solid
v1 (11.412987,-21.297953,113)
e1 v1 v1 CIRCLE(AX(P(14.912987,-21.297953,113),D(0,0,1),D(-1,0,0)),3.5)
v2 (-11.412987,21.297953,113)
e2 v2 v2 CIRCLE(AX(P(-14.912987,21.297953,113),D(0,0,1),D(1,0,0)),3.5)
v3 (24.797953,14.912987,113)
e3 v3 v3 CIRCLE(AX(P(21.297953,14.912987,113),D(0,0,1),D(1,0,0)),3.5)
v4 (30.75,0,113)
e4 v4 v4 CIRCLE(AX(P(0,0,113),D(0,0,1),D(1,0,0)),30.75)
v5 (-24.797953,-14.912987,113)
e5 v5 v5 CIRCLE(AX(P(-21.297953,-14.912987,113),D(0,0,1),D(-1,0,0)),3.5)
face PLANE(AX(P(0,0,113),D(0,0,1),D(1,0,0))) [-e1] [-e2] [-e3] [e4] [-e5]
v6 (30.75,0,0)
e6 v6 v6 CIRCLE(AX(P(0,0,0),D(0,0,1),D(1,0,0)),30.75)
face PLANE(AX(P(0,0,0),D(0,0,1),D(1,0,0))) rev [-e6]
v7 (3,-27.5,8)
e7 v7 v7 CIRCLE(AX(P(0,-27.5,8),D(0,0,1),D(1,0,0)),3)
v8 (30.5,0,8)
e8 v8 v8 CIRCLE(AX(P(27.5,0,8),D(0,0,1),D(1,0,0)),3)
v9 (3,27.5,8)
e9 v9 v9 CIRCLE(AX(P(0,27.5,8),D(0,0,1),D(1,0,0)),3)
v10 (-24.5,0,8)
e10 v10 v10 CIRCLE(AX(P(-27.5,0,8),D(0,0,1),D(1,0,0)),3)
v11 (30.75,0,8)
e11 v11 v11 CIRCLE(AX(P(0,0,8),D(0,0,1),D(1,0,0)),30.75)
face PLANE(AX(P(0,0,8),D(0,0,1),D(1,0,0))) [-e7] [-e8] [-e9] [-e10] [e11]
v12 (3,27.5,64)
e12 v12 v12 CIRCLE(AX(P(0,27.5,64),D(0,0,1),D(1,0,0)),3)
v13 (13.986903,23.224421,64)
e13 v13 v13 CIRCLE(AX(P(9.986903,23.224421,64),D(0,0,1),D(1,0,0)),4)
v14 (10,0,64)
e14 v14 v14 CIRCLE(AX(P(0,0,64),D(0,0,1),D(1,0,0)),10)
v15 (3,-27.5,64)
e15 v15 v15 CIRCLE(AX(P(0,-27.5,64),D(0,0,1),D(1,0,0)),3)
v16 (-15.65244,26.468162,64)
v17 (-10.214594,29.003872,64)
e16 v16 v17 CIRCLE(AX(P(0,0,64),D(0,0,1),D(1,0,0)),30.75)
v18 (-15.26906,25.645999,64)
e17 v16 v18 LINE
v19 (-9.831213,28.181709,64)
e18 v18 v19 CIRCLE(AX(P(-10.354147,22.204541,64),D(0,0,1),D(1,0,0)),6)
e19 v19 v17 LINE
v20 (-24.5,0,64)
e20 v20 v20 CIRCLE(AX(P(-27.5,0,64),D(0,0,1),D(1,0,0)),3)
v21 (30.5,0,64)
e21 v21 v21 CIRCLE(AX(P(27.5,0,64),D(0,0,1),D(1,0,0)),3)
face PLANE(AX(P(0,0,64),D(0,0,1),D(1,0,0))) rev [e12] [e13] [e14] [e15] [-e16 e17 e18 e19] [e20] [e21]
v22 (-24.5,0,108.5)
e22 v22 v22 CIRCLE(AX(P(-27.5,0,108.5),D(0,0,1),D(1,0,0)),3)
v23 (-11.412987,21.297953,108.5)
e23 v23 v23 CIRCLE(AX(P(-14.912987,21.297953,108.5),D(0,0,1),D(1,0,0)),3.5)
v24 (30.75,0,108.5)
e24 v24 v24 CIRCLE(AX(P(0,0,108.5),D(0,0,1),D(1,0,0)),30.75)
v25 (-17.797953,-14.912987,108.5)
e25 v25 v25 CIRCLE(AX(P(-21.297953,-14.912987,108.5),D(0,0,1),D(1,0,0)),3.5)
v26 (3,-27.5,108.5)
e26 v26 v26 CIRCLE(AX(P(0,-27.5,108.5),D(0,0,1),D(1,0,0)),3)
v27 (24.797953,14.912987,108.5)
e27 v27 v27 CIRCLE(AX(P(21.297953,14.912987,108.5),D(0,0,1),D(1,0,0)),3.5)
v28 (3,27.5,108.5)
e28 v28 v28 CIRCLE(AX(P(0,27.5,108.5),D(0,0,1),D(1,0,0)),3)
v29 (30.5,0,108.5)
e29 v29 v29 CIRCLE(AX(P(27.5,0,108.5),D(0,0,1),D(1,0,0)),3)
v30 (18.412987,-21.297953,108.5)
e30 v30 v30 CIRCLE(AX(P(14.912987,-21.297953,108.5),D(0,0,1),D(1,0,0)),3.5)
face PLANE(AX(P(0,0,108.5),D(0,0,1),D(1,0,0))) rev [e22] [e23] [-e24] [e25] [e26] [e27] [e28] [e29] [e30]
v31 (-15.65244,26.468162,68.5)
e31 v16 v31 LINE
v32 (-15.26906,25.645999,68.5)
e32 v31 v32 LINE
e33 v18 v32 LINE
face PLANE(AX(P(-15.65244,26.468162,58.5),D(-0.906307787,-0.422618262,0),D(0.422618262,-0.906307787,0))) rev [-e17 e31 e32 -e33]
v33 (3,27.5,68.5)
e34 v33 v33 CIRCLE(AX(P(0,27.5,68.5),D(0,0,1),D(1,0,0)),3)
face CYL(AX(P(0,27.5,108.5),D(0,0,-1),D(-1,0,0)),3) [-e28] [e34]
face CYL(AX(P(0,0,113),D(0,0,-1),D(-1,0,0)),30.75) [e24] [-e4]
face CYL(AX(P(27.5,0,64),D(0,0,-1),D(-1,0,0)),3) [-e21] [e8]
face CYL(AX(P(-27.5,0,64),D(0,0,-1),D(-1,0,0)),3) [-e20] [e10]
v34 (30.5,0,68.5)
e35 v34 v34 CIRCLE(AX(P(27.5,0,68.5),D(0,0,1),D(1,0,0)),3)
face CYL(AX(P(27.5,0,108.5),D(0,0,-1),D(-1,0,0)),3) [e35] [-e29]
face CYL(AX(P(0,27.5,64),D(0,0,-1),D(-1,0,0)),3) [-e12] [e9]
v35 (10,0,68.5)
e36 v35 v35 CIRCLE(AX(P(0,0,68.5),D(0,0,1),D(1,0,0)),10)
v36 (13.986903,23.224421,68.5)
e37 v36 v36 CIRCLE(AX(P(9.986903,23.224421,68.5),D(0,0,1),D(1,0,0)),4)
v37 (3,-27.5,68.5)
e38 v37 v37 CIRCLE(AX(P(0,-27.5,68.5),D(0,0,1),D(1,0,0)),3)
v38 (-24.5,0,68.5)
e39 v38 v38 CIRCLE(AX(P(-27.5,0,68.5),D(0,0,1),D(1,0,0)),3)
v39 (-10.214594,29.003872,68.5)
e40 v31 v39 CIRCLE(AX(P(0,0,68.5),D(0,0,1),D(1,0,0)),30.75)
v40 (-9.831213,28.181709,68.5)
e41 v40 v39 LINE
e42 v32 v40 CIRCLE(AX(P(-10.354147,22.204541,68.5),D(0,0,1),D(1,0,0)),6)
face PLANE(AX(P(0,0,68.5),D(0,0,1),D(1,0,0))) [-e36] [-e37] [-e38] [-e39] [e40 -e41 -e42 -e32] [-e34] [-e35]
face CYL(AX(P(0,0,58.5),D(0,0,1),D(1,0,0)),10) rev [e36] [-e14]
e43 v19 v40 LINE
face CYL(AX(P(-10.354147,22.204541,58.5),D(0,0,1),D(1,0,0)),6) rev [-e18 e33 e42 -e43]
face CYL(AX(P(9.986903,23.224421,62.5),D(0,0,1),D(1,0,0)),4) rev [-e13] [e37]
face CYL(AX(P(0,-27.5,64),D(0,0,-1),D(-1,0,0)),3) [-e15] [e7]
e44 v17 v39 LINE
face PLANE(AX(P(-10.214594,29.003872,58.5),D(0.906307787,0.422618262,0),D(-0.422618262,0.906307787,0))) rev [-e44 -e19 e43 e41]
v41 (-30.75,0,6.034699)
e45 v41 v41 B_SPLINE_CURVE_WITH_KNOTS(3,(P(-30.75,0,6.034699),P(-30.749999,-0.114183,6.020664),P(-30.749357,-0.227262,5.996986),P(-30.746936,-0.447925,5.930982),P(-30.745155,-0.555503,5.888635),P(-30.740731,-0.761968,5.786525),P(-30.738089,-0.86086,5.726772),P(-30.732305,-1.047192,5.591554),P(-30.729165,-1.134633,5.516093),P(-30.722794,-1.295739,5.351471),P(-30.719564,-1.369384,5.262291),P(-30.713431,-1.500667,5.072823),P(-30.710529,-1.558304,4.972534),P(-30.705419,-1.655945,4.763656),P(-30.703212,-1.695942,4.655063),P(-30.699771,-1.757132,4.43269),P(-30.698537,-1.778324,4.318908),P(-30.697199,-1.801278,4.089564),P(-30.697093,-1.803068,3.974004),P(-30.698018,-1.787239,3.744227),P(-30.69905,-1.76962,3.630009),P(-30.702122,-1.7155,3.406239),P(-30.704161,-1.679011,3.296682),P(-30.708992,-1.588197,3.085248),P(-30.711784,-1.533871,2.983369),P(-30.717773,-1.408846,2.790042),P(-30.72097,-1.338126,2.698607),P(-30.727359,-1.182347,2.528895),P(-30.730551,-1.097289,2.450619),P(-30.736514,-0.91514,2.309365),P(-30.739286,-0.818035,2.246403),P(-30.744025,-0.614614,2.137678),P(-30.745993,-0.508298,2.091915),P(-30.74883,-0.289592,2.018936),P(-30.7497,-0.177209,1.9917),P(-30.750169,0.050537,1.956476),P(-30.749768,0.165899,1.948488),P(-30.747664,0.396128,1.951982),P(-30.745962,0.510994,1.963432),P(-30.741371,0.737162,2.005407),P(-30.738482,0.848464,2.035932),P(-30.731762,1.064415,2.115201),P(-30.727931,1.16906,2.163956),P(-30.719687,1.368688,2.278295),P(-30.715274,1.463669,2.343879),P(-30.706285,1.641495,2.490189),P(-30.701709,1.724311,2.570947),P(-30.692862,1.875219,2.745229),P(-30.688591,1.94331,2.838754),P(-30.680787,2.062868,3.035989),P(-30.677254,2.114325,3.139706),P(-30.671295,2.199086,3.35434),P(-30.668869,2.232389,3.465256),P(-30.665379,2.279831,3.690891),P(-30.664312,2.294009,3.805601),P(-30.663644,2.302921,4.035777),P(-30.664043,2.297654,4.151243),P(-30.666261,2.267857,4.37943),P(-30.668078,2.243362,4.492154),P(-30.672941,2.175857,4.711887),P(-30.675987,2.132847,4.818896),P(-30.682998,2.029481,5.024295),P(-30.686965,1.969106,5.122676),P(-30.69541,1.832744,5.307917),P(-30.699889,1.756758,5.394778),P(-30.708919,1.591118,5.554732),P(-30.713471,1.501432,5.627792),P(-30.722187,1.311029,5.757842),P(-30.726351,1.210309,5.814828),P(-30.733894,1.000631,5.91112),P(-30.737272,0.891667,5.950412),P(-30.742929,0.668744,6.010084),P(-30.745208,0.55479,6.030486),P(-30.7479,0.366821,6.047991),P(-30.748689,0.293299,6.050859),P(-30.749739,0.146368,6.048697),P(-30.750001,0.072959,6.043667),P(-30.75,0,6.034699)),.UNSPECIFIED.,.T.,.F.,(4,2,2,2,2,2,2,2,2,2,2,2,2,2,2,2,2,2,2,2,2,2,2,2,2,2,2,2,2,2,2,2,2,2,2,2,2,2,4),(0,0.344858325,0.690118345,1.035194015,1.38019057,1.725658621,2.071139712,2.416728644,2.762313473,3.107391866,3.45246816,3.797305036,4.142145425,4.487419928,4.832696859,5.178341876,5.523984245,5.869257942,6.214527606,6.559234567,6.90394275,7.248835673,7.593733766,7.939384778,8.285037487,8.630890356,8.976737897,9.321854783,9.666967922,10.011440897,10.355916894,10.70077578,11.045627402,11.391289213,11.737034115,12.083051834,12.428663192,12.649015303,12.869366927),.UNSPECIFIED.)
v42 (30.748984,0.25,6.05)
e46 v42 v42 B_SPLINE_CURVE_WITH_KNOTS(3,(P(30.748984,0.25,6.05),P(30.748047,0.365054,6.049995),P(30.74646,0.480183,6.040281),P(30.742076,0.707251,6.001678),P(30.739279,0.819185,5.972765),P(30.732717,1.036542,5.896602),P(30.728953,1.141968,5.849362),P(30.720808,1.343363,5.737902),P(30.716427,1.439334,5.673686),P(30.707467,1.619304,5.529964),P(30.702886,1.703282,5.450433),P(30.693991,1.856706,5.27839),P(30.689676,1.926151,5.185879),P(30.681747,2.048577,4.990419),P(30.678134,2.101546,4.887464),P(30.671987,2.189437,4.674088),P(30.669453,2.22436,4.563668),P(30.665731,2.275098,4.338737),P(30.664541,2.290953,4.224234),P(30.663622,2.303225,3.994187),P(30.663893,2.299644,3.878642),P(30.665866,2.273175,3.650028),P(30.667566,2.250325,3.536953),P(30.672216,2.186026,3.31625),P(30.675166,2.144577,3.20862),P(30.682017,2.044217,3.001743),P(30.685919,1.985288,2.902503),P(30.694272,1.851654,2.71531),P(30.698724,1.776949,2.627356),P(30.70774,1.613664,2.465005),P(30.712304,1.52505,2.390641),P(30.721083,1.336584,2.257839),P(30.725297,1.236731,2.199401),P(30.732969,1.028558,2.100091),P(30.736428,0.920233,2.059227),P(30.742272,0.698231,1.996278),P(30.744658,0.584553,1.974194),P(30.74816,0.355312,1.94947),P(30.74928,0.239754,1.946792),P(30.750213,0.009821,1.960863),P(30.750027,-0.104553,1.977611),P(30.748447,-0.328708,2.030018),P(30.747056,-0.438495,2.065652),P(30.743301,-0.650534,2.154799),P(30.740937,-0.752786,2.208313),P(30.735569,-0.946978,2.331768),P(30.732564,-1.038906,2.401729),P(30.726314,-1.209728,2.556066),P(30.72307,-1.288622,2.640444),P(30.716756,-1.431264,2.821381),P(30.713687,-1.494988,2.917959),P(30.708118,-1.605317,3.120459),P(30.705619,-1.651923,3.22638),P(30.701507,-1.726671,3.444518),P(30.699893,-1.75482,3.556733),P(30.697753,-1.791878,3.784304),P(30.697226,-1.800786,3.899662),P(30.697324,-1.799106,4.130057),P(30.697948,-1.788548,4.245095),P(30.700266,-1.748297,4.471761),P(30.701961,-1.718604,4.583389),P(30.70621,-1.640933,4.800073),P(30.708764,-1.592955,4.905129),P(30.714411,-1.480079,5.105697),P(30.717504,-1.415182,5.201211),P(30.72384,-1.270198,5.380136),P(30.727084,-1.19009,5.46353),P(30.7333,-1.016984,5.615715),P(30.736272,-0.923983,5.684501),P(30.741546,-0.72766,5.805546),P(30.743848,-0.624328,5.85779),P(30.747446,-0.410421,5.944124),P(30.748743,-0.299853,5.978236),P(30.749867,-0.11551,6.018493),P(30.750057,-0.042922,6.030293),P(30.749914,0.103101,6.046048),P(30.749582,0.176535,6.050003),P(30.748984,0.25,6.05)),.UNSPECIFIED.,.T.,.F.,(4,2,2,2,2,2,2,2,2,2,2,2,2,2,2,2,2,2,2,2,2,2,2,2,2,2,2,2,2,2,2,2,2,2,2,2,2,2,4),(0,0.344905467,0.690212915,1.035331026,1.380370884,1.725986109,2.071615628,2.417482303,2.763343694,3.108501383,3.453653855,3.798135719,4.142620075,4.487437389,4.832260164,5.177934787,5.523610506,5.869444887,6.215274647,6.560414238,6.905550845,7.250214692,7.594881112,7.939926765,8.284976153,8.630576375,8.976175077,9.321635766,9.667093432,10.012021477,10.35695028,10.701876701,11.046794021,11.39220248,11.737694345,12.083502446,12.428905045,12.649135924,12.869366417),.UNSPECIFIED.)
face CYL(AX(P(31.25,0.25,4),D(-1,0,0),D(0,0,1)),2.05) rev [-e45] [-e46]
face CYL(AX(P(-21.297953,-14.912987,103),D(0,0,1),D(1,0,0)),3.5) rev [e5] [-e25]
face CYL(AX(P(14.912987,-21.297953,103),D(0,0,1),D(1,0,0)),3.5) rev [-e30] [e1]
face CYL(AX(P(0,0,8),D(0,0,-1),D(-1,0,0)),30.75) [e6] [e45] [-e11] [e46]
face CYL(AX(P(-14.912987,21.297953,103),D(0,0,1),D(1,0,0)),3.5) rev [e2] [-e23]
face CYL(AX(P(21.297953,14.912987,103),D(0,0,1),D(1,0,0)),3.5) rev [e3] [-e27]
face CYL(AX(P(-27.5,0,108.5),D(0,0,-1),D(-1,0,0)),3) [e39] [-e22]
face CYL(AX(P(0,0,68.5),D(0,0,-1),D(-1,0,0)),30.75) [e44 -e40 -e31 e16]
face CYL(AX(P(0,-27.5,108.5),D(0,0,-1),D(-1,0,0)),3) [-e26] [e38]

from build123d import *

# Parameters (mm, degrees)
ESQUISSE1_R             = 30.75
BOSS_EXTRU_1_DEPTH      = 8
ESQUISSE2_R             = 3
BOSS_EXTRU_2_DEPTH      = 56
ESQUISSE4_R             = 30.75
BOSS_EXTRU_4_DEPTH      = 4.5
ESQUISSE6_R             = 3
BOSS_EXTRU_5_DEPTH      = 40
ESQUISSE12_R            = 4
ENL_V_MAT_EXTRU_1_DEPTH = 6
ENL_V_START             = -10
ENL_V_MAT_EXTRU_2_DEPTH = 10
ESQUISSE15_R            = 10
ENL_V_MAT_EXTRU_3_DEPTH = 10
ESQUISSE18_R            = 30.75
BOSS_EXTRU_10_DEPTH     = 4.5
ESQUISSE19_R            = 2.05
ENL_V_MAT_EXTRU_4_DEPTH = 62
ESQUISSE20_R            = 3.5
ENL_V_MAT_EXTRU_5_DEPTH = 10


with BuildPart() as part:
    # Esquisse1 → Boss.-Extru.1 (new body)
    with BuildSketch(Plane.XY):
        Circle(ESQUISSE1_R)
    extrude(amount=BOSS_EXTRU_1_DEPTH)

    # Esquisse2 → Boss.-Extru.2 (add)
    with BuildSketch(Plane.XY.offset(8)):
        with Locations((0, 27.5)):
            Circle(ESQUISSE2_R)
        with Locations((27.5, 0)):
            Circle(ESQUISSE2_R)
        with Locations((-27.5, 0)):
            Circle(ESQUISSE2_R)
        with Locations((0, -27.5)):
            Circle(ESQUISSE2_R)
    extrude(amount=BOSS_EXTRU_2_DEPTH)

    # Esquisse4 → Boss.-Extru.4 (add)
    with BuildSketch(Plane.XY.offset(64)):
        Circle(ESQUISSE4_R)
    extrude(amount=BOSS_EXTRU_4_DEPTH)

    # Esquisse6 → Boss.-Extru.5 (add)
    with BuildSketch(Plane.XY.offset(68.5)):
        with Locations((0, -27.5)):
            Circle(ESQUISSE6_R)
        with Locations((-27.5, 0)):
            Circle(ESQUISSE6_R)
        with Locations((0, 27.5)):
            Circle(ESQUISSE6_R)
        with Locations((27.5, 0)):
            Circle(ESQUISSE6_R)
    extrude(amount=BOSS_EXTRU_5_DEPTH)

    # Esquisse12 → Enlèv. mat.-Extru.1 (cut)
    with BuildSketch(Plane.XY.offset(68.5)):
        with Locations((9.98690327, 23.224420757)):
            Circle(ESQUISSE12_R)
    extrude(amount=-ENL_V_MAT_EXTRU_1_DEPTH, mode=Mode.SUBTRACT)

    # Esquisse13 → Enlèv. mat.-Extru.2 (cut)
    with BuildSketch(Plane.XY.offset(68.5).offset(ENL_V_START)):
        with BuildLine():
            Line((-15.652440464, 26.468162149), (-15.269059678, 25.645999401))
            ThreePointArc((-15.269059678, 25.645999401), (-7.818437842, 16.76669406), (-9.831212956, 28.181708971))
            Line((-9.831212956, 28.181708971), (-10.214593742, 29.003871719))
            ThreePointArc((-10.214593742, 29.003871719), (-12.995511549, 27.868964451), (-15.652440464, 26.468162149))
        make_face()
    extrude(amount=ENL_V_MAT_EXTRU_2_DEPTH, mode=Mode.SUBTRACT)

    # Esquisse15 → Enlèv. mat.-Extru.3 (cut)
    with BuildSketch(Plane.XY.offset(68.5)):
        Circle(ESQUISSE15_R)
    extrude(amount=-ENL_V_MAT_EXTRU_3_DEPTH, mode=Mode.SUBTRACT)

    # Esquisse18 → Boss.-Extru.10 (add)
    with BuildSketch(Plane.XY.offset(108.5)):
        Circle(ESQUISSE18_R)
    extrude(amount=BOSS_EXTRU_10_DEPTH)

    # Esquisse19 → Enlèv. mat.-Extru.4 (cut)
    with BuildSketch(Plane.ZY.offset(30.75)):
        with Locations((4, 0.25)):
            Circle(ESQUISSE19_R)
    extrude(amount=-ENL_V_MAT_EXTRU_4_DEPTH, mode=Mode.SUBTRACT)

    # Esquisse20 → Enlèv. mat.-Extru.5 (cut)
    with BuildSketch(Plane.XY.offset(113)):
        with Locations((21.297953152, 14.912987345)):
            Circle(ESQUISSE20_R)
        with Locations((-14.912987345, 21.297953152)):
            Circle(ESQUISSE20_R)
        with Locations((-21.297953152, -14.912987345)):
            Circle(ESQUISSE20_R)
        with Locations((14.912987345, -21.297953152)):
            Circle(ESQUISSE20_R)
    extrude(amount=-ENL_V_MAT_EXTRU_5_DEPTH, mode=Mode.SUBTRACT)


solid = part.part
